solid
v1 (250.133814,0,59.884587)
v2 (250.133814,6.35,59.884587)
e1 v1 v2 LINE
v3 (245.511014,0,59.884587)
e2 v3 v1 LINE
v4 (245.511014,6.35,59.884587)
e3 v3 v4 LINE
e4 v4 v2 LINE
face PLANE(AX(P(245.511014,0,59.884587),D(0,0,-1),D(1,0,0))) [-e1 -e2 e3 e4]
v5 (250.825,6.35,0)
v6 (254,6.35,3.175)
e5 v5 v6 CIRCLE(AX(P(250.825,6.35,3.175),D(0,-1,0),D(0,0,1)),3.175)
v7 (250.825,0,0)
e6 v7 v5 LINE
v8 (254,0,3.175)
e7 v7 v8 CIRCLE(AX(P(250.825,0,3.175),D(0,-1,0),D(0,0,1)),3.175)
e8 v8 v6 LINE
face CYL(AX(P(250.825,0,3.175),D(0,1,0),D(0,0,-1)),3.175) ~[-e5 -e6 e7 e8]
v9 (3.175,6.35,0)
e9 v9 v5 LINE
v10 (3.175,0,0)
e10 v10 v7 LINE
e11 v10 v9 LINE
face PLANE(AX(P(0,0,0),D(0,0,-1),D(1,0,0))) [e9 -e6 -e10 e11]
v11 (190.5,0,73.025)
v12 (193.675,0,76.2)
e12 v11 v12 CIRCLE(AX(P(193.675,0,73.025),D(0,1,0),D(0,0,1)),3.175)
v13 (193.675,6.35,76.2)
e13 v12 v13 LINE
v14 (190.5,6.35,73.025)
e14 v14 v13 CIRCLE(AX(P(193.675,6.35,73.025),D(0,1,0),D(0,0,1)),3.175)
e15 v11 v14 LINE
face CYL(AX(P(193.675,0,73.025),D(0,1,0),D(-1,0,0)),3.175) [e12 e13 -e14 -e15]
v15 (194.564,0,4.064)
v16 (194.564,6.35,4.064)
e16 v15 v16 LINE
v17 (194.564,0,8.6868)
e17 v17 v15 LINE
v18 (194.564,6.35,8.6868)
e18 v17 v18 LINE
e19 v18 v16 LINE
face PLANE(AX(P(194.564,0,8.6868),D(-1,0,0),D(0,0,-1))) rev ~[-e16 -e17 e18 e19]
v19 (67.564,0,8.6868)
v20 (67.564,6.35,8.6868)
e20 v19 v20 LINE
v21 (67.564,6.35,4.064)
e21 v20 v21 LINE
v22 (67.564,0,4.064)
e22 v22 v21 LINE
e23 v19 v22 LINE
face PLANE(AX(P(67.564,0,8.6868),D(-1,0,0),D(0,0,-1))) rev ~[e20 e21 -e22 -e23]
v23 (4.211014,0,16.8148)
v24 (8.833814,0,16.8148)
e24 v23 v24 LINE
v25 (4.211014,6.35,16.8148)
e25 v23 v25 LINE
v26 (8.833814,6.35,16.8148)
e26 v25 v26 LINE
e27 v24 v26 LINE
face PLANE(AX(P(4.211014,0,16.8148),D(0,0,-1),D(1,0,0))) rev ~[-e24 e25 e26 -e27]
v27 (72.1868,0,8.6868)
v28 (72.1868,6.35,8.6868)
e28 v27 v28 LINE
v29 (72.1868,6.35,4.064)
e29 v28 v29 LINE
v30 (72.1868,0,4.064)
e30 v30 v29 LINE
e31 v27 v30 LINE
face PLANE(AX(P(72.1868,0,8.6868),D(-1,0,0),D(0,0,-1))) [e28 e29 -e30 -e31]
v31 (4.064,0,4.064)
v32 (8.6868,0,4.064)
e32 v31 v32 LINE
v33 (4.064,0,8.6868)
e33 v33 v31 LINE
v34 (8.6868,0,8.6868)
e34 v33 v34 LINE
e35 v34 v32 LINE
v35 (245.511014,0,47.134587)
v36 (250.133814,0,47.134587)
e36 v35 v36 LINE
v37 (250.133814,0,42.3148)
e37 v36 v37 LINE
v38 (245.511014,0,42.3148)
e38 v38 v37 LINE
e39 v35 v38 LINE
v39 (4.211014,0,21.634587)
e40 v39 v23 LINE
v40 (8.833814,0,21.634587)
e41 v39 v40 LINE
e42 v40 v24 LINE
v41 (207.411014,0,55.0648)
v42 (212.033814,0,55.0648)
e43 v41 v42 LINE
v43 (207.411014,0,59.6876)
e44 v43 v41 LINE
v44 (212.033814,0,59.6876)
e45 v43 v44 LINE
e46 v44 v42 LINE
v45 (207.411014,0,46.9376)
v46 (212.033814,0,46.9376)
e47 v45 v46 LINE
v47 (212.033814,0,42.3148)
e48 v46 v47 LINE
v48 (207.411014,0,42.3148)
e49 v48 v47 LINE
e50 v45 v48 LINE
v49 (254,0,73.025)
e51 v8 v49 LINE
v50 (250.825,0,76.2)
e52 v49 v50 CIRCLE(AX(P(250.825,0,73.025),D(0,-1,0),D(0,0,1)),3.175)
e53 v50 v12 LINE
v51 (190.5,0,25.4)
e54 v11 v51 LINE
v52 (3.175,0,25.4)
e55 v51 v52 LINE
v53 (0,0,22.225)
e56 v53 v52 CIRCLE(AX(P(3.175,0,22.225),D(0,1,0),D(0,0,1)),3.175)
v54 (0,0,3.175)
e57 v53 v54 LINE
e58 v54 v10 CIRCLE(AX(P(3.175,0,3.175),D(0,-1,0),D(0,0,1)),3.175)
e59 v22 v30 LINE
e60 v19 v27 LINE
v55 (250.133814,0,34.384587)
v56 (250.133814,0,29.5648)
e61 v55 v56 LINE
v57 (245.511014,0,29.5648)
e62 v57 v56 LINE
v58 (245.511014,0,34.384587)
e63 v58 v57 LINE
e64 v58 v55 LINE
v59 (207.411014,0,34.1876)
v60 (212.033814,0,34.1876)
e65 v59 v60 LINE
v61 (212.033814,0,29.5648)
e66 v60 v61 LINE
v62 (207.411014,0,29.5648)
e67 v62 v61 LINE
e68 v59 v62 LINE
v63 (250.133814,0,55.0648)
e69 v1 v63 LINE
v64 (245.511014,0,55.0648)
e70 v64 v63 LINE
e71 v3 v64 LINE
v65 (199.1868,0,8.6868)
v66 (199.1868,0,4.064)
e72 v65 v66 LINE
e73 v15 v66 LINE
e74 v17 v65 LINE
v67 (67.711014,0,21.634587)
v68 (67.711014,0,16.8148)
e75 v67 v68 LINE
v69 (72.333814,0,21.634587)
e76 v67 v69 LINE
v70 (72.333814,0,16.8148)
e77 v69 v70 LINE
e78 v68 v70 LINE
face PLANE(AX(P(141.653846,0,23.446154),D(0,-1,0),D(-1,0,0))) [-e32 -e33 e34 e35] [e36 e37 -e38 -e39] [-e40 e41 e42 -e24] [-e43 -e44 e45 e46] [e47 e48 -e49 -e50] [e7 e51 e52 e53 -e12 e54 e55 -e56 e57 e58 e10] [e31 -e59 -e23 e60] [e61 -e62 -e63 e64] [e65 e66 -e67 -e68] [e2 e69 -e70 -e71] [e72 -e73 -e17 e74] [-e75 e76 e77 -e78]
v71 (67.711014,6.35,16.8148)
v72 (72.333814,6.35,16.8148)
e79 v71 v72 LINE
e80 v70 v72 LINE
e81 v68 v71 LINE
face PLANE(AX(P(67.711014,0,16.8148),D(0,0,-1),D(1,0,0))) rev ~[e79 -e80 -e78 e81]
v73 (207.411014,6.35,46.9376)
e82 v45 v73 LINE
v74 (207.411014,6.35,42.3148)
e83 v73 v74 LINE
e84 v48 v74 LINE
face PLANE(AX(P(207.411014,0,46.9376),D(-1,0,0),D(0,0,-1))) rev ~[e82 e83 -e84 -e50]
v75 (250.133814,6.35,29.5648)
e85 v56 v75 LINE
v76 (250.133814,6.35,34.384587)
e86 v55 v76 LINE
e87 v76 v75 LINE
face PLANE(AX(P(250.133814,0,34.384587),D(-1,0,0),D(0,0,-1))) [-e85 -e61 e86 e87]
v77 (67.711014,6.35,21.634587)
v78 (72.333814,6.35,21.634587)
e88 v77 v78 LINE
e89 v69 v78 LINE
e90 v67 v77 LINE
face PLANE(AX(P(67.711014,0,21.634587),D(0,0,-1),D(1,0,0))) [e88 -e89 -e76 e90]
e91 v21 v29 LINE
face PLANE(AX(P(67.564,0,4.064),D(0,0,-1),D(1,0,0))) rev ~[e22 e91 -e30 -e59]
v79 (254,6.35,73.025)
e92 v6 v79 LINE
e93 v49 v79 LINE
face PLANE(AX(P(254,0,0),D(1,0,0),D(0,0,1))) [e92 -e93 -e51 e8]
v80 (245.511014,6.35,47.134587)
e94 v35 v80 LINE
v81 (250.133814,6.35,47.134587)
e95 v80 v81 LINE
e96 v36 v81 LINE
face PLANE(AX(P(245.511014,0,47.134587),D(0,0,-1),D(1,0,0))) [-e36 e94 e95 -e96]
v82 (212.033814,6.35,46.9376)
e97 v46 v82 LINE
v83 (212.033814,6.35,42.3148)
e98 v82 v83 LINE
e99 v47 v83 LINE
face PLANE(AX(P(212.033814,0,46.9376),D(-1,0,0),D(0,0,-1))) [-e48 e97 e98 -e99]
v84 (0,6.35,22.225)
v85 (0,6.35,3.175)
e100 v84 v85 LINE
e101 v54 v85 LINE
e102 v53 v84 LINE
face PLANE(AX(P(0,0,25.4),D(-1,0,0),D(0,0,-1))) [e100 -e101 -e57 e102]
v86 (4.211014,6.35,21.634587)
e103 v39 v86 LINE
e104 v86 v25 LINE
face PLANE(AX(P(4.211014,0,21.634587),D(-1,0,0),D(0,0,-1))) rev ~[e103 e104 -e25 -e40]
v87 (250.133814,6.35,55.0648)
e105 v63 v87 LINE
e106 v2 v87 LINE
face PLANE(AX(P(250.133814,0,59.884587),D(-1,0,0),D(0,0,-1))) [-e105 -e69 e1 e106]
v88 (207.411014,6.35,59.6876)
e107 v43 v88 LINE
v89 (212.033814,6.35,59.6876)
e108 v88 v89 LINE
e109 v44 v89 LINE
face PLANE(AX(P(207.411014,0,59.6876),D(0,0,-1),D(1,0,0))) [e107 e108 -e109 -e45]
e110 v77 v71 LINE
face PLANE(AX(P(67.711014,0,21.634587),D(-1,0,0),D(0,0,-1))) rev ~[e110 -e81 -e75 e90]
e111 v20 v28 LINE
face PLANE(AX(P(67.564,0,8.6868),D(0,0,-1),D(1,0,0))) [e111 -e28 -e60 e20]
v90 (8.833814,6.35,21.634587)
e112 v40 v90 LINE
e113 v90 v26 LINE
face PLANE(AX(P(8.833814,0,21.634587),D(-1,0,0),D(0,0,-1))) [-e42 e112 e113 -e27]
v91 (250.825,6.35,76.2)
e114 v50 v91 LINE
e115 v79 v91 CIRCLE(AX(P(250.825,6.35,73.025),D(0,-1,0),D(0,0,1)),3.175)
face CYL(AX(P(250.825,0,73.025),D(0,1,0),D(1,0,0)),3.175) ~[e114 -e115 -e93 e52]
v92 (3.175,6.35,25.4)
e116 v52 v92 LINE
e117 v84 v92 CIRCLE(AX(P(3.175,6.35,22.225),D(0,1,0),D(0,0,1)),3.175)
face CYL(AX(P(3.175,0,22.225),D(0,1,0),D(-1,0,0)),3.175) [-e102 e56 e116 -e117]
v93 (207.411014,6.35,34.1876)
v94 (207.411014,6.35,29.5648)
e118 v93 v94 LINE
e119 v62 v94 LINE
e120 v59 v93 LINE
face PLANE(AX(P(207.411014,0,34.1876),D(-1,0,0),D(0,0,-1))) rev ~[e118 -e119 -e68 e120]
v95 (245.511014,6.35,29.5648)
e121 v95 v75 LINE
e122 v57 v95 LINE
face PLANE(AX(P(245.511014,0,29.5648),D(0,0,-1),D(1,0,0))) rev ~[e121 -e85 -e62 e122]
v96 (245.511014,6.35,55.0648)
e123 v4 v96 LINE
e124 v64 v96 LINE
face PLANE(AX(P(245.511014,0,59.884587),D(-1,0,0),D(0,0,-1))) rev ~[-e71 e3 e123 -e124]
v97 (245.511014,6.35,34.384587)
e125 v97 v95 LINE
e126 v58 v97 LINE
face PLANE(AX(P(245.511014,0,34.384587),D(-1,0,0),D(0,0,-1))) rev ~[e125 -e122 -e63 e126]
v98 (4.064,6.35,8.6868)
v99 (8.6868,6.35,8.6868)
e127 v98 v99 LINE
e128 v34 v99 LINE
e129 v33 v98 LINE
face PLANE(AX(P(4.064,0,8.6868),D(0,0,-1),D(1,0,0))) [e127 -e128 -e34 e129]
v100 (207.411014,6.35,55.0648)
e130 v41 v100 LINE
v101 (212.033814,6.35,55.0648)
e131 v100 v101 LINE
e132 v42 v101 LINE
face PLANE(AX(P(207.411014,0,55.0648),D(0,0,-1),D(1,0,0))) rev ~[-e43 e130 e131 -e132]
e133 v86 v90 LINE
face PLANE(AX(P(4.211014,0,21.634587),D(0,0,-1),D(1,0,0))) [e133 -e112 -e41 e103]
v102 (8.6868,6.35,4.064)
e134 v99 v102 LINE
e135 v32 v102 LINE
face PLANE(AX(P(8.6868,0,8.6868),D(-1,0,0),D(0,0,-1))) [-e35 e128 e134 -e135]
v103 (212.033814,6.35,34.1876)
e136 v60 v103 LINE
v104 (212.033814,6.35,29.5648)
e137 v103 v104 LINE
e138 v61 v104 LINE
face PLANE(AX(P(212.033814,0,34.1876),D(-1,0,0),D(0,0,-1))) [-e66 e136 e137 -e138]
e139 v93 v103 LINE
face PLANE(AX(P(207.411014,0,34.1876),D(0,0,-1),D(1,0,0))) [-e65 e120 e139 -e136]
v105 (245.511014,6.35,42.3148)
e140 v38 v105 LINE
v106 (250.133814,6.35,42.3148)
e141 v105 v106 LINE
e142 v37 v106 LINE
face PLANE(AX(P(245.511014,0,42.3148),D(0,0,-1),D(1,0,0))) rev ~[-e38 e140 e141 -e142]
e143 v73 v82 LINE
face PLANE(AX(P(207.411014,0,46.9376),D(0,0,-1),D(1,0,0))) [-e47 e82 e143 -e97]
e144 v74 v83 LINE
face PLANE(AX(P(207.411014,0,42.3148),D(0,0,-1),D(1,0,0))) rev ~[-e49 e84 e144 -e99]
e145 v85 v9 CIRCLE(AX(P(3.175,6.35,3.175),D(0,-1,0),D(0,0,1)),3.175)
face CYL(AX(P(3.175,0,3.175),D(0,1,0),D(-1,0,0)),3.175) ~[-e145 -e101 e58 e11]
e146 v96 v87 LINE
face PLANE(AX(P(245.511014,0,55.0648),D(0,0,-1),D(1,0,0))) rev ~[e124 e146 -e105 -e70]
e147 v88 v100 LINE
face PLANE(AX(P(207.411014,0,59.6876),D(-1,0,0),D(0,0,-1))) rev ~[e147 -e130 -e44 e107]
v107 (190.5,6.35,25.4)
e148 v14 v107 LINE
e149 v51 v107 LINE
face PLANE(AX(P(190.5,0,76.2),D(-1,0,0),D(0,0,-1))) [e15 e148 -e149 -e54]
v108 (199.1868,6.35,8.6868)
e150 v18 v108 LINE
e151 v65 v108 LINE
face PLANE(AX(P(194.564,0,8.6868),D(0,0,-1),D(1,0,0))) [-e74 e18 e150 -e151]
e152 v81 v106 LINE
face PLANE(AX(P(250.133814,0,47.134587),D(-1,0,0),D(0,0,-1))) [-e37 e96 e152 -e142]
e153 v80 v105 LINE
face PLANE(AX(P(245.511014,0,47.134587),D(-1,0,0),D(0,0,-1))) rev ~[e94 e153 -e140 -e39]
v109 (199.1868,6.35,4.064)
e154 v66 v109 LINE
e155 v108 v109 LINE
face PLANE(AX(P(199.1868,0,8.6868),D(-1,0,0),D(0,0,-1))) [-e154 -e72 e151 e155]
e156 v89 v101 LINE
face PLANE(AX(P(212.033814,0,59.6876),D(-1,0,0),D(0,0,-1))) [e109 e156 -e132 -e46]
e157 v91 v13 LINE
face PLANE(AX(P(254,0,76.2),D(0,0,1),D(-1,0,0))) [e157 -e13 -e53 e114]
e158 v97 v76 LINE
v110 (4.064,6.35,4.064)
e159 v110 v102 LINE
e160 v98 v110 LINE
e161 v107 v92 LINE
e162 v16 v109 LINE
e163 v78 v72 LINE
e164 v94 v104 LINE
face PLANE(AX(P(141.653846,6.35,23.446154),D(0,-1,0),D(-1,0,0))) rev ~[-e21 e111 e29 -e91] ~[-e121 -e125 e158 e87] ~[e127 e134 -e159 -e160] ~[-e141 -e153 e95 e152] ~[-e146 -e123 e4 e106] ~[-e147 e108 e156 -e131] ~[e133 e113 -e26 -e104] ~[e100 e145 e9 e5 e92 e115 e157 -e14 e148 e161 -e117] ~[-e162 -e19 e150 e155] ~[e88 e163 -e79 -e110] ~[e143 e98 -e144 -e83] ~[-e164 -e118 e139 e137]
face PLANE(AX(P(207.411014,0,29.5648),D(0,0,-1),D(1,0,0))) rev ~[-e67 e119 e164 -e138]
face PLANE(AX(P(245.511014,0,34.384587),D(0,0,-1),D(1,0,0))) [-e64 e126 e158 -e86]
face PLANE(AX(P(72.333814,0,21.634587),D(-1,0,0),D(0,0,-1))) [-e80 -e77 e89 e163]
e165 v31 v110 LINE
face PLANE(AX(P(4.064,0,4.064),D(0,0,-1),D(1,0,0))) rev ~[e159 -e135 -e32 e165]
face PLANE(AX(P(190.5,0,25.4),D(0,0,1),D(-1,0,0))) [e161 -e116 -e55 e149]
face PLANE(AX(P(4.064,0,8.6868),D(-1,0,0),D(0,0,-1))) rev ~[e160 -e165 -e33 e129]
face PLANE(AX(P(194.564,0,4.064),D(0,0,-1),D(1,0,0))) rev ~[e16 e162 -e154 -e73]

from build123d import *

# Parameters (mm, degrees)
SKETCH1_W           = 4.6228
SKETCH1_H           = 4.819787269
SKETCH1_H_2         = 4.6228
BOSS_EXTRUDE1_DEPTH = 6.35
FILLET2_R           = 3.175
FILLET3_R           = 3.175


with BuildPart() as part:
    # Sketch1 → Boss-Extrude1 (new body)
    with BuildSketch(Plane(origin=(0, 0, 0), x_dir=(1, 0, 0), z_dir=(0, 1, 0))):
        Polygon((0, 0), (254, 0), (254, -76.2), (190.5, -76.2), (190.5, -25.4), (0, -25.4), align=None)
        with Locations((6.522414475, -19.224693634)):
            Rectangle(SKETCH1_W, SKETCH1_H, mode=Mode.SUBTRACT)
        with Locations((6.3754, -6.3754)):
            Rectangle(SKETCH1_W, SKETCH1_H_2, mode=Mode.SUBTRACT)
        with Locations((69.8754, -6.3754)):
            Rectangle(SKETCH1_W, SKETCH1_H_2, mode=Mode.SUBTRACT)
        with Locations((70.022414475, -19.224693634)):
            Rectangle(SKETCH1_W, SKETCH1_H, mode=Mode.SUBTRACT)
        with Locations((196.8754, -6.3754)):
            Rectangle(SKETCH1_W, SKETCH1_H_2, mode=Mode.SUBTRACT)
        with Locations((247.822414475, -31.974693634)):
            Rectangle(SKETCH1_W, SKETCH1_H, mode=Mode.SUBTRACT)
        with Locations((247.822414475, -44.724693634)):
            Rectangle(SKETCH1_W, SKETCH1_H, mode=Mode.SUBTRACT)
        with Locations((247.822414475, -57.474693634)):
            Rectangle(SKETCH1_W, SKETCH1_H, mode=Mode.SUBTRACT)
        with Locations((209.722414475, -31.8762)):
            Rectangle(SKETCH1_W, SKETCH1_H_2, mode=Mode.SUBTRACT)
        with Locations((209.722414475, -44.6262)):
            Rectangle(SKETCH1_W, SKETCH1_H_2, mode=Mode.SUBTRACT)
        with Locations((209.722414475, -57.3762)):
            Rectangle(SKETCH1_W, SKETCH1_H_2, mode=Mode.SUBTRACT)
    extrude(amount=BOSS_EXTRUDE1_DEPTH)

    # Fillet2
    fillet2_edges = [part.edges().sort_by_distance(p)[0] for p in [
        (0, 3.175, 25.4),
    ]]
    fillet(fillet2_edges, radius=FILLET2_R)

    # Fillet3
    fillet3_edges = [part.edges().sort_by_distance(p)[0] for p in [
        (0, 3.175, 0),
        (254, 3.175, 0),
        (254, 3.175, 76.2),
        (190.5, 3.175, 76.2),
    ]]
    fillet(fillet3_edges, radius=FILLET3_R)


solid = part.part
